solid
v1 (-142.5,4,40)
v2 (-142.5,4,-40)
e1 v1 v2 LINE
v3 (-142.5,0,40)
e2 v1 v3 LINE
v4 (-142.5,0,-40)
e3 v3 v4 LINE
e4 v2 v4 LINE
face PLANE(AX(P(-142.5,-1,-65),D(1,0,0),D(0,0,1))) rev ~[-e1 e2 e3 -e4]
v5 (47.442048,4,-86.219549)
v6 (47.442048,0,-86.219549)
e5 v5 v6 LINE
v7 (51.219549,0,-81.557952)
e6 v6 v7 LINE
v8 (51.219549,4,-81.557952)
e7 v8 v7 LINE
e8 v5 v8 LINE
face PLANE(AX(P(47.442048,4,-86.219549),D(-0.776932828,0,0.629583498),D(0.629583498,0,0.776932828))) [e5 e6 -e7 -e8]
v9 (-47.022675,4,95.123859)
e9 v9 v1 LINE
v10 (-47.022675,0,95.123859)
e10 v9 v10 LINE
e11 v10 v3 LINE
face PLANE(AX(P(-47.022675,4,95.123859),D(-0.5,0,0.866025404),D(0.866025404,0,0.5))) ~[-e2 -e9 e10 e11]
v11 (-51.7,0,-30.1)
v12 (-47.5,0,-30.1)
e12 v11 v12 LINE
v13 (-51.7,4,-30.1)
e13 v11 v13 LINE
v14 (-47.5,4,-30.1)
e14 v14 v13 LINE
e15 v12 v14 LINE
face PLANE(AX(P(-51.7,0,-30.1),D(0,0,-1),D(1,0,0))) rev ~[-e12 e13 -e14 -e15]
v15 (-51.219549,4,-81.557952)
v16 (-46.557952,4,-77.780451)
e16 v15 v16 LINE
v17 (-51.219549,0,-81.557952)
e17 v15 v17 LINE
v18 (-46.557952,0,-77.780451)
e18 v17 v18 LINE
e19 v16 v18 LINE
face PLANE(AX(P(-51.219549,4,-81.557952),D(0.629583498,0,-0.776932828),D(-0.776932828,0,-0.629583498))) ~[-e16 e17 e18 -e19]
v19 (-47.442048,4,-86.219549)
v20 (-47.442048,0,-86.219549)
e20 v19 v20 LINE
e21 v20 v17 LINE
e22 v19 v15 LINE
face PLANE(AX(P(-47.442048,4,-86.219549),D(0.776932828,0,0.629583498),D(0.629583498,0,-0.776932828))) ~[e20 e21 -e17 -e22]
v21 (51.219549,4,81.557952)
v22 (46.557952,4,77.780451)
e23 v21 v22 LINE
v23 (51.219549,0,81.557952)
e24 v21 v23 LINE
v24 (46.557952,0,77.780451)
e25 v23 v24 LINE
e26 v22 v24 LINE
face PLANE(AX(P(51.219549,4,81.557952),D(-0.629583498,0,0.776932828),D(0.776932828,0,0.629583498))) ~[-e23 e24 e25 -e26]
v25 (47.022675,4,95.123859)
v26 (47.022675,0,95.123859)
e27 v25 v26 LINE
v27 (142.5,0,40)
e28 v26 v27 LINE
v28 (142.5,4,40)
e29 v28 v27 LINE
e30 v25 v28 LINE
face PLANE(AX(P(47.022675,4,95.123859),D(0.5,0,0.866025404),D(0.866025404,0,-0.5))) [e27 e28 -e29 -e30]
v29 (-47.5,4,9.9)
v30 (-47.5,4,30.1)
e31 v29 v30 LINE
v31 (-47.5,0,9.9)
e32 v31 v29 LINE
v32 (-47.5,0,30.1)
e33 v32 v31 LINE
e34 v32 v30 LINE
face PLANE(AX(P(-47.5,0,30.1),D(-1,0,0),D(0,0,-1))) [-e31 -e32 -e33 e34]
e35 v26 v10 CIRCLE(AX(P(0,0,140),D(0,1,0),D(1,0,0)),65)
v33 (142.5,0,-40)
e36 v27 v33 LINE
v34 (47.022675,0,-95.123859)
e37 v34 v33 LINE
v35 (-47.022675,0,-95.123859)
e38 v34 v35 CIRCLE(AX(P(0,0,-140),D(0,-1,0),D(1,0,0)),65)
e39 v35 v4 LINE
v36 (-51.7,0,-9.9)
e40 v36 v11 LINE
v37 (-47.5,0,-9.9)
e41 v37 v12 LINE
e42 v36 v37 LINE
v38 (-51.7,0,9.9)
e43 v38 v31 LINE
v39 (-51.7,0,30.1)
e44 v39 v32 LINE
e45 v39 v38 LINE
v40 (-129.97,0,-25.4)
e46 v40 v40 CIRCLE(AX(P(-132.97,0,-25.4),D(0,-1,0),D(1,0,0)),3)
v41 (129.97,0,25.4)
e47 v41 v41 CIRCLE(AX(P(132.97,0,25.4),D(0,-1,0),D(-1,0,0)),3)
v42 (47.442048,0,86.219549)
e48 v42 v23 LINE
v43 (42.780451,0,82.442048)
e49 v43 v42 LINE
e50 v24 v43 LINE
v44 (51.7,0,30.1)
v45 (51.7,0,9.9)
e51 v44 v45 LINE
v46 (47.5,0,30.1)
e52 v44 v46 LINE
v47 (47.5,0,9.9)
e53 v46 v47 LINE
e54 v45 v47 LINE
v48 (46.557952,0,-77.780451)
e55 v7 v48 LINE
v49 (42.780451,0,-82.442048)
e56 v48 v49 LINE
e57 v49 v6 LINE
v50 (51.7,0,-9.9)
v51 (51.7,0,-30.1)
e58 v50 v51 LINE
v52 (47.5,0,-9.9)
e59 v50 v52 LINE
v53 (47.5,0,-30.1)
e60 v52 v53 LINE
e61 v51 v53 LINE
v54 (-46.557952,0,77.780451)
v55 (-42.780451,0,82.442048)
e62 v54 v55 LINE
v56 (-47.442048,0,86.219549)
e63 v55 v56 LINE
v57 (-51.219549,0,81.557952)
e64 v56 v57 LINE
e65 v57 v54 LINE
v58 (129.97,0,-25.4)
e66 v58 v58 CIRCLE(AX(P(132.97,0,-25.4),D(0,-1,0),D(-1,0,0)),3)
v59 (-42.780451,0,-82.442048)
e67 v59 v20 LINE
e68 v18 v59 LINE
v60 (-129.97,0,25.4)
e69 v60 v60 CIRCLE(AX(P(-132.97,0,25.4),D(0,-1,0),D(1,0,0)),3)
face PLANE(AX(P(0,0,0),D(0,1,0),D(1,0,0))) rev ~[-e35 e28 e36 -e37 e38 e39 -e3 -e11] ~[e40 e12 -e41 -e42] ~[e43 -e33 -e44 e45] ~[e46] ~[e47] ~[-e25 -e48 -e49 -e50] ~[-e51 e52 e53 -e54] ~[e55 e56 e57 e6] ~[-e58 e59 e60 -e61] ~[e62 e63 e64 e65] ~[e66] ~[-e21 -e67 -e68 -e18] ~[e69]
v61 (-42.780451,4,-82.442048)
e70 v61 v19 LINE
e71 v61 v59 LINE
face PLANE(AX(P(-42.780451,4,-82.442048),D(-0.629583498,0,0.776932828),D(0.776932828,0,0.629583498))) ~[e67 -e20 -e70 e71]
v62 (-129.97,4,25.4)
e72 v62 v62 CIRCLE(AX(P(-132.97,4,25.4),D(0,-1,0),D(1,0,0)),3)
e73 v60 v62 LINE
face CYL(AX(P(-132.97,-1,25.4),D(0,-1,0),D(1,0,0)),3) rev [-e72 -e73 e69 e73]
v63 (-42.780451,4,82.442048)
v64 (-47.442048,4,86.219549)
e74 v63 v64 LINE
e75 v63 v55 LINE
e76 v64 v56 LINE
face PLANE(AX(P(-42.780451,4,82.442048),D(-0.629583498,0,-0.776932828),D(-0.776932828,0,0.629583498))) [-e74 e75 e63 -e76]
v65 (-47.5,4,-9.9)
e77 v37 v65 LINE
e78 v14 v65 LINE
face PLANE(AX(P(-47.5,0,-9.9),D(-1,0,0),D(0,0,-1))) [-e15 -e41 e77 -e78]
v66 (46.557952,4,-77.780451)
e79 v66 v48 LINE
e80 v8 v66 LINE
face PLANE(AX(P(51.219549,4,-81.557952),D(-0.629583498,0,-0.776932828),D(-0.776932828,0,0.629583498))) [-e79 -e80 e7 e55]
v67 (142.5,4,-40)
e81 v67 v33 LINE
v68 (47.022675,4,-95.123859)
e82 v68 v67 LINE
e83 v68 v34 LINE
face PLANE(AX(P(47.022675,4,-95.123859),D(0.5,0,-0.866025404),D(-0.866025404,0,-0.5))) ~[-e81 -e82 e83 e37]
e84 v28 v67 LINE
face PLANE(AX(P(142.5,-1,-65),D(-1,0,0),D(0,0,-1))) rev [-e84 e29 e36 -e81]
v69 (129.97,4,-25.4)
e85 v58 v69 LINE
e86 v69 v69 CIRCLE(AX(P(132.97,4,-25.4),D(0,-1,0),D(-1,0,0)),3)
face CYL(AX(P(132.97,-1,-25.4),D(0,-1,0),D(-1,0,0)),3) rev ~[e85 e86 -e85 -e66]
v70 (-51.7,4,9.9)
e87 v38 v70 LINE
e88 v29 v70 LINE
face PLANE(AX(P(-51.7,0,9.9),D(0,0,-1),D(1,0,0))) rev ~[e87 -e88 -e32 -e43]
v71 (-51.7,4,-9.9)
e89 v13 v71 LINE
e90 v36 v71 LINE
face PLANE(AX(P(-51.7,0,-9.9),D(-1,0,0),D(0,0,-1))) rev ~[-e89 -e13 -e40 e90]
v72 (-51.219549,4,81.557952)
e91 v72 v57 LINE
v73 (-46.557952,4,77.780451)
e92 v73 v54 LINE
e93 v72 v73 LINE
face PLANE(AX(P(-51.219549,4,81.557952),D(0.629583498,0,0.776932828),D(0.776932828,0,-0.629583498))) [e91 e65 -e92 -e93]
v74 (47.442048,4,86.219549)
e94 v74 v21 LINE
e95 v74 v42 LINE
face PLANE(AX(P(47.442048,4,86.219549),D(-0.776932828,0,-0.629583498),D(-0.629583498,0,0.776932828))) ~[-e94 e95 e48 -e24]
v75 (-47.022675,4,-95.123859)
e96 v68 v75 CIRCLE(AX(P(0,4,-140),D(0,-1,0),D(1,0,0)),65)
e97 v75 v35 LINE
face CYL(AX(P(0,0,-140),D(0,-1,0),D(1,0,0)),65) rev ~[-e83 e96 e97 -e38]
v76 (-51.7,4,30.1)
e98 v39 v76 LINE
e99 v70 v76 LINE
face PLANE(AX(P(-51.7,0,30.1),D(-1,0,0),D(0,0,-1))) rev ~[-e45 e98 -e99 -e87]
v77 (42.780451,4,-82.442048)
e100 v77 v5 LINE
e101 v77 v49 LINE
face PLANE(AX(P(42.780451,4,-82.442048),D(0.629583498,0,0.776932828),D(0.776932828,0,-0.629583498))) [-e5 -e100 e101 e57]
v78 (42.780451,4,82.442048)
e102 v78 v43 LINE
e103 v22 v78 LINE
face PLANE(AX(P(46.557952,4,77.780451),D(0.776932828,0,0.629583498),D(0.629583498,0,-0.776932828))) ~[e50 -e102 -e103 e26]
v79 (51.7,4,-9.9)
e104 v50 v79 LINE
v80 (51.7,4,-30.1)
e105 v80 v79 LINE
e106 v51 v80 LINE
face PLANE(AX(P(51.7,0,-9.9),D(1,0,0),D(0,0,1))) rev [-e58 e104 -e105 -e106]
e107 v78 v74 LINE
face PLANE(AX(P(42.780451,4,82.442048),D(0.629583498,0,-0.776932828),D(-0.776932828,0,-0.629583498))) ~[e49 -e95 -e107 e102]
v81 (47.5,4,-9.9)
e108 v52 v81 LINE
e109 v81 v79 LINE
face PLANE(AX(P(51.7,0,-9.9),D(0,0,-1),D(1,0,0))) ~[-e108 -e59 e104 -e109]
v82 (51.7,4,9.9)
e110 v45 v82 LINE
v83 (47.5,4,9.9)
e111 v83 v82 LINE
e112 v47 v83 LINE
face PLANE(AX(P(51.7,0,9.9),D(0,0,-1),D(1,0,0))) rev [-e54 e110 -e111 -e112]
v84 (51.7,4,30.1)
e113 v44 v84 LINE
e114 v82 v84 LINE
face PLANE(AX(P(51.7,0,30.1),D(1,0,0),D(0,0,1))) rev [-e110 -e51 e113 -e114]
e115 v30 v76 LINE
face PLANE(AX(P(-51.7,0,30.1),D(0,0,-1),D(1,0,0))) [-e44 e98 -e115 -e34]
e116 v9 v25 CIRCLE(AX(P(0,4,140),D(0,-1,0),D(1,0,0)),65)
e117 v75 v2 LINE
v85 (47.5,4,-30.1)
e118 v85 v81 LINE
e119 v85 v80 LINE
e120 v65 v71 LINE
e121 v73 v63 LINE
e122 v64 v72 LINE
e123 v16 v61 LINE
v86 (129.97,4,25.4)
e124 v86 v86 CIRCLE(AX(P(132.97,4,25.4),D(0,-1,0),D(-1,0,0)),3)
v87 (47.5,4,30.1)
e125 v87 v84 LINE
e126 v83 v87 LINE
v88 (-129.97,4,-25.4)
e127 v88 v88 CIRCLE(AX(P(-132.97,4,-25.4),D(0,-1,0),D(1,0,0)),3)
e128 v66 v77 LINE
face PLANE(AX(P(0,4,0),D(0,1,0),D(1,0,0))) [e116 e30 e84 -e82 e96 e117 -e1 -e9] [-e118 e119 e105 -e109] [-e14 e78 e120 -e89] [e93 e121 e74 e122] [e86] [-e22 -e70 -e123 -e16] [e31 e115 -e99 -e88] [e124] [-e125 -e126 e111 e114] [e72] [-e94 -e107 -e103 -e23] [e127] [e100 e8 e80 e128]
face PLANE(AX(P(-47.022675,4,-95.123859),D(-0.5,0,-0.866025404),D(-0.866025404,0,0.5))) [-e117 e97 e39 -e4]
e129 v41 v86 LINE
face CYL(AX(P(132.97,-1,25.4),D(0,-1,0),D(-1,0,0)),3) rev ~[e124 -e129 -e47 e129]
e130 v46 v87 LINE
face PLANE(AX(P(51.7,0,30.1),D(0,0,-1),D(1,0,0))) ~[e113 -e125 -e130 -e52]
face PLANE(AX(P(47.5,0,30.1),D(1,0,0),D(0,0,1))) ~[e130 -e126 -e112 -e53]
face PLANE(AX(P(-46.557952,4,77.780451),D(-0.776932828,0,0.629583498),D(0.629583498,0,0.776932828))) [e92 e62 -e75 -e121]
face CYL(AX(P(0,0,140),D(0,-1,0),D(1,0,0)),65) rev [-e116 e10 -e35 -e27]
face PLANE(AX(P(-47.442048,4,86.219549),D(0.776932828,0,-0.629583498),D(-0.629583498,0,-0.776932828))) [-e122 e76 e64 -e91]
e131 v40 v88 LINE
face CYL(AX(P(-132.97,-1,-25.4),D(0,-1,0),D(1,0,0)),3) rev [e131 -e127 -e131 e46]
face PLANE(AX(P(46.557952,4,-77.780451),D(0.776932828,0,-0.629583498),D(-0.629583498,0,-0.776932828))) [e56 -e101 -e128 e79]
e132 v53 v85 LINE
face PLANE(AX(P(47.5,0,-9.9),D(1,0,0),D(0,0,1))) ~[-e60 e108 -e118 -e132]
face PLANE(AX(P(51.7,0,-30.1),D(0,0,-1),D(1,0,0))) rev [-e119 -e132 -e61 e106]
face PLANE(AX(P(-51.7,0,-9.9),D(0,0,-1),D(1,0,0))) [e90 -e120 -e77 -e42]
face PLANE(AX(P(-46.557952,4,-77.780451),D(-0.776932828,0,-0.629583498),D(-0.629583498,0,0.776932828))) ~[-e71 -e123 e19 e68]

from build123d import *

# Parameters (mm, degrees)
ESQUISSE1_R             = 197.5
BOSS_EXTRU_1_DEPTH      = 4
ENL_V_START             = -1
ESQUISSE3_R             = 3
ENL_V_MAT_EXTRU_2_DEPTH = 6
ENL_V_MAT_EXTRU_5_DEPTH = 5
ESQUISSE6_W             = 4.2
ESQUISSE6_H             = 20.2
ENL_V_MAT_EXTRU_8_DEPTH = 5
ENL_V_MAT_EXTRU_6_DEPTH = 5
CUT_EXTRUDE1_DEPTH      = 5
MIRROR5_COPY_1_DEPTH    = 5
CUT_EXTRUDE2_DEPTH      = 5
MIRROR7_COPY_1_DEPTH    = 5


with BuildPart() as part:
    # Esquisse1 → Boss.-Extru.1 (new body)
    with BuildSketch(Plane(origin=(0, 0, 0), x_dir=(1, 0, 0), z_dir=(0, 1, 0))):
        Circle(ESQUISSE1_R)
    extrude(amount=BOSS_EXTRU_1_DEPTH)

    # Esquisse3 → Enlèv. mat.-Extru.2 (cut)
    with BuildSketch(Plane(origin=(0, 0, 0), x_dir=(1, 0, 0), z_dir=(0, 1, 0)).offset(ENL_V_START)):
        with Locations((-132.97, 25.4)):
            Circle(ESQUISSE3_R)
        with Locations((-132.97, -25.4)):
            Circle(ESQUISSE3_R)
        with BuildLine():
            Line((-180.572007797, 80), (-157.5, 80))
            ThreePointArc((-157.5, 80), (-146.893398282, 75.606601718), (-142.5, 65))
            Line((-142.5, 65), (-142.5, -65))
            ThreePointArc((-142.5, -65), (-146.893398282, -75.606601718), (-157.5, -80))
            Line((-157.5, -80), (-180.572007797, -80))
            ThreePointArc((-180.572007797, -80), (-197.5, 0), (-180.572007797, 80))
        make_face()
    enl_v_mat_extru_2 = extrude(amount=ENL_V_MAT_EXTRU_2_DEPTH, mode=Mode.SUBTRACT)

    # Esquisse4 → Enlèv. mat.-Extru.5 (cut, through all)
    with BuildSketch(Plane(origin=(0, 0, 0), x_dir=(1, 0, 0), z_dir=(0, 1, 0))):
        with BuildLine():
            Line((-107.5, 110), (-107.5, 90))
            ThreePointArc((-107.5, 90), (-104.571067812, 82.928932188), (-97.5, 80))
            Line((-97.5, 80), (-82.5, 80))
            ThreePointArc((-82.5, 80), (-75.428932188, 82.928932188), (-72.5, 90))
            Line((-72.5, 90), (-72.5, 110))
            ThreePointArc((-72.5, 110), (-75.428932188, 117.071067812), (-82.5, 120))
            Line((-82.5, 120), (-97.5, 120))
            ThreePointArc((-97.5, 120), (-104.571067812, 117.071067812), (-107.5, 110))
        make_face()
    enl_v_mat_extru_5 = extrude(amount=ENL_V_MAT_EXTRU_5_DEPTH, mode=Mode.SUBTRACT)

    # Esquisse6 → Enlèv. mat.-Extru.8 (cut, through all)
    with BuildSketch(Plane(origin=(0, 0, 0), x_dir=(1, 0, 0), z_dir=(0, 1, 0))):
        with Locations((-49.6, 20)):
            Rectangle(ESQUISSE6_W, ESQUISSE6_H)
        with Locations((-49.6, -20)):
            Rectangle(ESQUISSE6_W, ESQUISSE6_H)
    enl_v_mat_extru_8 = extrude(amount=ENL_V_MAT_EXTRU_8_DEPTH, mode=Mode.SUBTRACT)

    # Mirror1: Enlèv. mat.-Extru.2, Enlèv. mat.-Extru.5, Enlèv. mat.-Extru.8 across plane
    add(enl_v_mat_extru_2.mirror(Plane(origin=(0, 0, 0), x_dir=(0, 0, 1), z_dir=(1, 0, 0))), mode=Mode.SUBTRACT)
    add(enl_v_mat_extru_5.mirror(Plane(origin=(0, 0, 0), x_dir=(0, 0, 1), z_dir=(1, 0, 0))), mode=Mode.SUBTRACT)
    add(enl_v_mat_extru_8.mirror(Plane(origin=(0, 0, 0), x_dir=(0, 0, 1), z_dir=(1, 0, 0))), mode=Mode.SUBTRACT)

    # Esquisse5 → Enlèv. mat.-Extru.6 (cut, through all)
    with BuildSketch(Plane(origin=(0, 0, 0), x_dir=(1, 0, 0), z_dir=(0, 1, 0))):
        with BuildLine():
            Line((-65, 140), (-65, 186.497319016))
            ThreePointArc((-65, 186.497319016), (0, 197.5), (65, 186.497319016))
            Line((65, 186.497319016), (65, 140))
            ThreePointArc((65, 140), (0, 75), (-65, 140))
        make_face()
    enl_v_mat_extru_6 = extrude(amount=ENL_V_MAT_EXTRU_6_DEPTH, mode=Mode.SUBTRACT)

    # Mirror2: Enlèv. mat.-Extru.6 across plane
    add(enl_v_mat_extru_6.mirror(Plane.XY), mode=Mode.SUBTRACT)

    # Sketch1 → Cut-Extrude1 (cut, through all)
    with BuildSketch(Plane(origin=(0, 4, 0), x_dir=(1, 0, 0), z_dir=(0, 1, 0))):
        Polygon((-47.442047988, -86.219548978), (-51.219548978, -81.557952012), (-46.557952012, -77.780451022), (-42.780451022, -82.442047988), align=None)
    cut_extrude1 = extrude(amount=-CUT_EXTRUDE1_DEPTH, mode=Mode.SUBTRACT)

    # Mirror4: Cut-Extrude1 across plane
    add(cut_extrude1.mirror(Plane.XY), mode=Mode.SUBTRACT)

    # Mirror5: Cut-Extrude1 across plane
    add(cut_extrude1.mirror(Plane(origin=(0, 0, 0), x_dir=(0, 0, 1), z_dir=(1, 0, 0))), mode=Mode.SUBTRACT)

    # Mirror5 copy 1 sketch → Mirror5 copy 1 (cut, through all)
    with BuildSketch(Plane(origin=(0, 4, 0), x_dir=(-1, 0, 0), z_dir=(0, 1, 0))):
        Polygon((-47.442047988, -86.219548978), (-51.219548978, -81.557952012), (-46.557952012, -77.780451022), (-42.780451022, -82.442047988), align=None)
    extrude(amount=-MIRROR5_COPY_1_DEPTH, mode=Mode.SUBTRACT)

    # Sketch3 → Cut-Extrude2 (cut, through all)
    with BuildSketch(Plane(origin=(0, 4, 0), x_dir=(1, 0, 0), z_dir=(0, 1, 0))):
        Polygon((-47.022675211, 95.123859168), (-142.5, 40), (-180.572007797, 80), (-180.572007797, 186.497319016), (-65, 186.497319016), align=None)
    cut_extrude2 = extrude(amount=-CUT_EXTRUDE2_DEPTH, mode=Mode.SUBTRACT)

    # Mirror6: Cut-Extrude2 across plane
    add(cut_extrude2.mirror(Plane.XY), mode=Mode.SUBTRACT)

    # Mirror7: Cut-Extrude2 across plane
    add(cut_extrude2.mirror(Plane(origin=(0, 0, 0), x_dir=(0, 0, 1), z_dir=(1, 0, 0))), mode=Mode.SUBTRACT)

    # Mirror7 copy 1 sketch → Mirror7 copy 1 (cut, through all)
    with BuildSketch(Plane(origin=(0, 4, 0), x_dir=(-1, 0, 0), z_dir=(0, 1, 0))):
        Polygon((-47.022675211, 95.123859168), (-142.5, 40), (-180.572007797, 80), (-180.572007797, 186.497319016), (-65, 186.497319016), align=None)
    extrude(amount=-MIRROR7_COPY_1_DEPTH, mode=Mode.SUBTRACT)


solid = part.part
